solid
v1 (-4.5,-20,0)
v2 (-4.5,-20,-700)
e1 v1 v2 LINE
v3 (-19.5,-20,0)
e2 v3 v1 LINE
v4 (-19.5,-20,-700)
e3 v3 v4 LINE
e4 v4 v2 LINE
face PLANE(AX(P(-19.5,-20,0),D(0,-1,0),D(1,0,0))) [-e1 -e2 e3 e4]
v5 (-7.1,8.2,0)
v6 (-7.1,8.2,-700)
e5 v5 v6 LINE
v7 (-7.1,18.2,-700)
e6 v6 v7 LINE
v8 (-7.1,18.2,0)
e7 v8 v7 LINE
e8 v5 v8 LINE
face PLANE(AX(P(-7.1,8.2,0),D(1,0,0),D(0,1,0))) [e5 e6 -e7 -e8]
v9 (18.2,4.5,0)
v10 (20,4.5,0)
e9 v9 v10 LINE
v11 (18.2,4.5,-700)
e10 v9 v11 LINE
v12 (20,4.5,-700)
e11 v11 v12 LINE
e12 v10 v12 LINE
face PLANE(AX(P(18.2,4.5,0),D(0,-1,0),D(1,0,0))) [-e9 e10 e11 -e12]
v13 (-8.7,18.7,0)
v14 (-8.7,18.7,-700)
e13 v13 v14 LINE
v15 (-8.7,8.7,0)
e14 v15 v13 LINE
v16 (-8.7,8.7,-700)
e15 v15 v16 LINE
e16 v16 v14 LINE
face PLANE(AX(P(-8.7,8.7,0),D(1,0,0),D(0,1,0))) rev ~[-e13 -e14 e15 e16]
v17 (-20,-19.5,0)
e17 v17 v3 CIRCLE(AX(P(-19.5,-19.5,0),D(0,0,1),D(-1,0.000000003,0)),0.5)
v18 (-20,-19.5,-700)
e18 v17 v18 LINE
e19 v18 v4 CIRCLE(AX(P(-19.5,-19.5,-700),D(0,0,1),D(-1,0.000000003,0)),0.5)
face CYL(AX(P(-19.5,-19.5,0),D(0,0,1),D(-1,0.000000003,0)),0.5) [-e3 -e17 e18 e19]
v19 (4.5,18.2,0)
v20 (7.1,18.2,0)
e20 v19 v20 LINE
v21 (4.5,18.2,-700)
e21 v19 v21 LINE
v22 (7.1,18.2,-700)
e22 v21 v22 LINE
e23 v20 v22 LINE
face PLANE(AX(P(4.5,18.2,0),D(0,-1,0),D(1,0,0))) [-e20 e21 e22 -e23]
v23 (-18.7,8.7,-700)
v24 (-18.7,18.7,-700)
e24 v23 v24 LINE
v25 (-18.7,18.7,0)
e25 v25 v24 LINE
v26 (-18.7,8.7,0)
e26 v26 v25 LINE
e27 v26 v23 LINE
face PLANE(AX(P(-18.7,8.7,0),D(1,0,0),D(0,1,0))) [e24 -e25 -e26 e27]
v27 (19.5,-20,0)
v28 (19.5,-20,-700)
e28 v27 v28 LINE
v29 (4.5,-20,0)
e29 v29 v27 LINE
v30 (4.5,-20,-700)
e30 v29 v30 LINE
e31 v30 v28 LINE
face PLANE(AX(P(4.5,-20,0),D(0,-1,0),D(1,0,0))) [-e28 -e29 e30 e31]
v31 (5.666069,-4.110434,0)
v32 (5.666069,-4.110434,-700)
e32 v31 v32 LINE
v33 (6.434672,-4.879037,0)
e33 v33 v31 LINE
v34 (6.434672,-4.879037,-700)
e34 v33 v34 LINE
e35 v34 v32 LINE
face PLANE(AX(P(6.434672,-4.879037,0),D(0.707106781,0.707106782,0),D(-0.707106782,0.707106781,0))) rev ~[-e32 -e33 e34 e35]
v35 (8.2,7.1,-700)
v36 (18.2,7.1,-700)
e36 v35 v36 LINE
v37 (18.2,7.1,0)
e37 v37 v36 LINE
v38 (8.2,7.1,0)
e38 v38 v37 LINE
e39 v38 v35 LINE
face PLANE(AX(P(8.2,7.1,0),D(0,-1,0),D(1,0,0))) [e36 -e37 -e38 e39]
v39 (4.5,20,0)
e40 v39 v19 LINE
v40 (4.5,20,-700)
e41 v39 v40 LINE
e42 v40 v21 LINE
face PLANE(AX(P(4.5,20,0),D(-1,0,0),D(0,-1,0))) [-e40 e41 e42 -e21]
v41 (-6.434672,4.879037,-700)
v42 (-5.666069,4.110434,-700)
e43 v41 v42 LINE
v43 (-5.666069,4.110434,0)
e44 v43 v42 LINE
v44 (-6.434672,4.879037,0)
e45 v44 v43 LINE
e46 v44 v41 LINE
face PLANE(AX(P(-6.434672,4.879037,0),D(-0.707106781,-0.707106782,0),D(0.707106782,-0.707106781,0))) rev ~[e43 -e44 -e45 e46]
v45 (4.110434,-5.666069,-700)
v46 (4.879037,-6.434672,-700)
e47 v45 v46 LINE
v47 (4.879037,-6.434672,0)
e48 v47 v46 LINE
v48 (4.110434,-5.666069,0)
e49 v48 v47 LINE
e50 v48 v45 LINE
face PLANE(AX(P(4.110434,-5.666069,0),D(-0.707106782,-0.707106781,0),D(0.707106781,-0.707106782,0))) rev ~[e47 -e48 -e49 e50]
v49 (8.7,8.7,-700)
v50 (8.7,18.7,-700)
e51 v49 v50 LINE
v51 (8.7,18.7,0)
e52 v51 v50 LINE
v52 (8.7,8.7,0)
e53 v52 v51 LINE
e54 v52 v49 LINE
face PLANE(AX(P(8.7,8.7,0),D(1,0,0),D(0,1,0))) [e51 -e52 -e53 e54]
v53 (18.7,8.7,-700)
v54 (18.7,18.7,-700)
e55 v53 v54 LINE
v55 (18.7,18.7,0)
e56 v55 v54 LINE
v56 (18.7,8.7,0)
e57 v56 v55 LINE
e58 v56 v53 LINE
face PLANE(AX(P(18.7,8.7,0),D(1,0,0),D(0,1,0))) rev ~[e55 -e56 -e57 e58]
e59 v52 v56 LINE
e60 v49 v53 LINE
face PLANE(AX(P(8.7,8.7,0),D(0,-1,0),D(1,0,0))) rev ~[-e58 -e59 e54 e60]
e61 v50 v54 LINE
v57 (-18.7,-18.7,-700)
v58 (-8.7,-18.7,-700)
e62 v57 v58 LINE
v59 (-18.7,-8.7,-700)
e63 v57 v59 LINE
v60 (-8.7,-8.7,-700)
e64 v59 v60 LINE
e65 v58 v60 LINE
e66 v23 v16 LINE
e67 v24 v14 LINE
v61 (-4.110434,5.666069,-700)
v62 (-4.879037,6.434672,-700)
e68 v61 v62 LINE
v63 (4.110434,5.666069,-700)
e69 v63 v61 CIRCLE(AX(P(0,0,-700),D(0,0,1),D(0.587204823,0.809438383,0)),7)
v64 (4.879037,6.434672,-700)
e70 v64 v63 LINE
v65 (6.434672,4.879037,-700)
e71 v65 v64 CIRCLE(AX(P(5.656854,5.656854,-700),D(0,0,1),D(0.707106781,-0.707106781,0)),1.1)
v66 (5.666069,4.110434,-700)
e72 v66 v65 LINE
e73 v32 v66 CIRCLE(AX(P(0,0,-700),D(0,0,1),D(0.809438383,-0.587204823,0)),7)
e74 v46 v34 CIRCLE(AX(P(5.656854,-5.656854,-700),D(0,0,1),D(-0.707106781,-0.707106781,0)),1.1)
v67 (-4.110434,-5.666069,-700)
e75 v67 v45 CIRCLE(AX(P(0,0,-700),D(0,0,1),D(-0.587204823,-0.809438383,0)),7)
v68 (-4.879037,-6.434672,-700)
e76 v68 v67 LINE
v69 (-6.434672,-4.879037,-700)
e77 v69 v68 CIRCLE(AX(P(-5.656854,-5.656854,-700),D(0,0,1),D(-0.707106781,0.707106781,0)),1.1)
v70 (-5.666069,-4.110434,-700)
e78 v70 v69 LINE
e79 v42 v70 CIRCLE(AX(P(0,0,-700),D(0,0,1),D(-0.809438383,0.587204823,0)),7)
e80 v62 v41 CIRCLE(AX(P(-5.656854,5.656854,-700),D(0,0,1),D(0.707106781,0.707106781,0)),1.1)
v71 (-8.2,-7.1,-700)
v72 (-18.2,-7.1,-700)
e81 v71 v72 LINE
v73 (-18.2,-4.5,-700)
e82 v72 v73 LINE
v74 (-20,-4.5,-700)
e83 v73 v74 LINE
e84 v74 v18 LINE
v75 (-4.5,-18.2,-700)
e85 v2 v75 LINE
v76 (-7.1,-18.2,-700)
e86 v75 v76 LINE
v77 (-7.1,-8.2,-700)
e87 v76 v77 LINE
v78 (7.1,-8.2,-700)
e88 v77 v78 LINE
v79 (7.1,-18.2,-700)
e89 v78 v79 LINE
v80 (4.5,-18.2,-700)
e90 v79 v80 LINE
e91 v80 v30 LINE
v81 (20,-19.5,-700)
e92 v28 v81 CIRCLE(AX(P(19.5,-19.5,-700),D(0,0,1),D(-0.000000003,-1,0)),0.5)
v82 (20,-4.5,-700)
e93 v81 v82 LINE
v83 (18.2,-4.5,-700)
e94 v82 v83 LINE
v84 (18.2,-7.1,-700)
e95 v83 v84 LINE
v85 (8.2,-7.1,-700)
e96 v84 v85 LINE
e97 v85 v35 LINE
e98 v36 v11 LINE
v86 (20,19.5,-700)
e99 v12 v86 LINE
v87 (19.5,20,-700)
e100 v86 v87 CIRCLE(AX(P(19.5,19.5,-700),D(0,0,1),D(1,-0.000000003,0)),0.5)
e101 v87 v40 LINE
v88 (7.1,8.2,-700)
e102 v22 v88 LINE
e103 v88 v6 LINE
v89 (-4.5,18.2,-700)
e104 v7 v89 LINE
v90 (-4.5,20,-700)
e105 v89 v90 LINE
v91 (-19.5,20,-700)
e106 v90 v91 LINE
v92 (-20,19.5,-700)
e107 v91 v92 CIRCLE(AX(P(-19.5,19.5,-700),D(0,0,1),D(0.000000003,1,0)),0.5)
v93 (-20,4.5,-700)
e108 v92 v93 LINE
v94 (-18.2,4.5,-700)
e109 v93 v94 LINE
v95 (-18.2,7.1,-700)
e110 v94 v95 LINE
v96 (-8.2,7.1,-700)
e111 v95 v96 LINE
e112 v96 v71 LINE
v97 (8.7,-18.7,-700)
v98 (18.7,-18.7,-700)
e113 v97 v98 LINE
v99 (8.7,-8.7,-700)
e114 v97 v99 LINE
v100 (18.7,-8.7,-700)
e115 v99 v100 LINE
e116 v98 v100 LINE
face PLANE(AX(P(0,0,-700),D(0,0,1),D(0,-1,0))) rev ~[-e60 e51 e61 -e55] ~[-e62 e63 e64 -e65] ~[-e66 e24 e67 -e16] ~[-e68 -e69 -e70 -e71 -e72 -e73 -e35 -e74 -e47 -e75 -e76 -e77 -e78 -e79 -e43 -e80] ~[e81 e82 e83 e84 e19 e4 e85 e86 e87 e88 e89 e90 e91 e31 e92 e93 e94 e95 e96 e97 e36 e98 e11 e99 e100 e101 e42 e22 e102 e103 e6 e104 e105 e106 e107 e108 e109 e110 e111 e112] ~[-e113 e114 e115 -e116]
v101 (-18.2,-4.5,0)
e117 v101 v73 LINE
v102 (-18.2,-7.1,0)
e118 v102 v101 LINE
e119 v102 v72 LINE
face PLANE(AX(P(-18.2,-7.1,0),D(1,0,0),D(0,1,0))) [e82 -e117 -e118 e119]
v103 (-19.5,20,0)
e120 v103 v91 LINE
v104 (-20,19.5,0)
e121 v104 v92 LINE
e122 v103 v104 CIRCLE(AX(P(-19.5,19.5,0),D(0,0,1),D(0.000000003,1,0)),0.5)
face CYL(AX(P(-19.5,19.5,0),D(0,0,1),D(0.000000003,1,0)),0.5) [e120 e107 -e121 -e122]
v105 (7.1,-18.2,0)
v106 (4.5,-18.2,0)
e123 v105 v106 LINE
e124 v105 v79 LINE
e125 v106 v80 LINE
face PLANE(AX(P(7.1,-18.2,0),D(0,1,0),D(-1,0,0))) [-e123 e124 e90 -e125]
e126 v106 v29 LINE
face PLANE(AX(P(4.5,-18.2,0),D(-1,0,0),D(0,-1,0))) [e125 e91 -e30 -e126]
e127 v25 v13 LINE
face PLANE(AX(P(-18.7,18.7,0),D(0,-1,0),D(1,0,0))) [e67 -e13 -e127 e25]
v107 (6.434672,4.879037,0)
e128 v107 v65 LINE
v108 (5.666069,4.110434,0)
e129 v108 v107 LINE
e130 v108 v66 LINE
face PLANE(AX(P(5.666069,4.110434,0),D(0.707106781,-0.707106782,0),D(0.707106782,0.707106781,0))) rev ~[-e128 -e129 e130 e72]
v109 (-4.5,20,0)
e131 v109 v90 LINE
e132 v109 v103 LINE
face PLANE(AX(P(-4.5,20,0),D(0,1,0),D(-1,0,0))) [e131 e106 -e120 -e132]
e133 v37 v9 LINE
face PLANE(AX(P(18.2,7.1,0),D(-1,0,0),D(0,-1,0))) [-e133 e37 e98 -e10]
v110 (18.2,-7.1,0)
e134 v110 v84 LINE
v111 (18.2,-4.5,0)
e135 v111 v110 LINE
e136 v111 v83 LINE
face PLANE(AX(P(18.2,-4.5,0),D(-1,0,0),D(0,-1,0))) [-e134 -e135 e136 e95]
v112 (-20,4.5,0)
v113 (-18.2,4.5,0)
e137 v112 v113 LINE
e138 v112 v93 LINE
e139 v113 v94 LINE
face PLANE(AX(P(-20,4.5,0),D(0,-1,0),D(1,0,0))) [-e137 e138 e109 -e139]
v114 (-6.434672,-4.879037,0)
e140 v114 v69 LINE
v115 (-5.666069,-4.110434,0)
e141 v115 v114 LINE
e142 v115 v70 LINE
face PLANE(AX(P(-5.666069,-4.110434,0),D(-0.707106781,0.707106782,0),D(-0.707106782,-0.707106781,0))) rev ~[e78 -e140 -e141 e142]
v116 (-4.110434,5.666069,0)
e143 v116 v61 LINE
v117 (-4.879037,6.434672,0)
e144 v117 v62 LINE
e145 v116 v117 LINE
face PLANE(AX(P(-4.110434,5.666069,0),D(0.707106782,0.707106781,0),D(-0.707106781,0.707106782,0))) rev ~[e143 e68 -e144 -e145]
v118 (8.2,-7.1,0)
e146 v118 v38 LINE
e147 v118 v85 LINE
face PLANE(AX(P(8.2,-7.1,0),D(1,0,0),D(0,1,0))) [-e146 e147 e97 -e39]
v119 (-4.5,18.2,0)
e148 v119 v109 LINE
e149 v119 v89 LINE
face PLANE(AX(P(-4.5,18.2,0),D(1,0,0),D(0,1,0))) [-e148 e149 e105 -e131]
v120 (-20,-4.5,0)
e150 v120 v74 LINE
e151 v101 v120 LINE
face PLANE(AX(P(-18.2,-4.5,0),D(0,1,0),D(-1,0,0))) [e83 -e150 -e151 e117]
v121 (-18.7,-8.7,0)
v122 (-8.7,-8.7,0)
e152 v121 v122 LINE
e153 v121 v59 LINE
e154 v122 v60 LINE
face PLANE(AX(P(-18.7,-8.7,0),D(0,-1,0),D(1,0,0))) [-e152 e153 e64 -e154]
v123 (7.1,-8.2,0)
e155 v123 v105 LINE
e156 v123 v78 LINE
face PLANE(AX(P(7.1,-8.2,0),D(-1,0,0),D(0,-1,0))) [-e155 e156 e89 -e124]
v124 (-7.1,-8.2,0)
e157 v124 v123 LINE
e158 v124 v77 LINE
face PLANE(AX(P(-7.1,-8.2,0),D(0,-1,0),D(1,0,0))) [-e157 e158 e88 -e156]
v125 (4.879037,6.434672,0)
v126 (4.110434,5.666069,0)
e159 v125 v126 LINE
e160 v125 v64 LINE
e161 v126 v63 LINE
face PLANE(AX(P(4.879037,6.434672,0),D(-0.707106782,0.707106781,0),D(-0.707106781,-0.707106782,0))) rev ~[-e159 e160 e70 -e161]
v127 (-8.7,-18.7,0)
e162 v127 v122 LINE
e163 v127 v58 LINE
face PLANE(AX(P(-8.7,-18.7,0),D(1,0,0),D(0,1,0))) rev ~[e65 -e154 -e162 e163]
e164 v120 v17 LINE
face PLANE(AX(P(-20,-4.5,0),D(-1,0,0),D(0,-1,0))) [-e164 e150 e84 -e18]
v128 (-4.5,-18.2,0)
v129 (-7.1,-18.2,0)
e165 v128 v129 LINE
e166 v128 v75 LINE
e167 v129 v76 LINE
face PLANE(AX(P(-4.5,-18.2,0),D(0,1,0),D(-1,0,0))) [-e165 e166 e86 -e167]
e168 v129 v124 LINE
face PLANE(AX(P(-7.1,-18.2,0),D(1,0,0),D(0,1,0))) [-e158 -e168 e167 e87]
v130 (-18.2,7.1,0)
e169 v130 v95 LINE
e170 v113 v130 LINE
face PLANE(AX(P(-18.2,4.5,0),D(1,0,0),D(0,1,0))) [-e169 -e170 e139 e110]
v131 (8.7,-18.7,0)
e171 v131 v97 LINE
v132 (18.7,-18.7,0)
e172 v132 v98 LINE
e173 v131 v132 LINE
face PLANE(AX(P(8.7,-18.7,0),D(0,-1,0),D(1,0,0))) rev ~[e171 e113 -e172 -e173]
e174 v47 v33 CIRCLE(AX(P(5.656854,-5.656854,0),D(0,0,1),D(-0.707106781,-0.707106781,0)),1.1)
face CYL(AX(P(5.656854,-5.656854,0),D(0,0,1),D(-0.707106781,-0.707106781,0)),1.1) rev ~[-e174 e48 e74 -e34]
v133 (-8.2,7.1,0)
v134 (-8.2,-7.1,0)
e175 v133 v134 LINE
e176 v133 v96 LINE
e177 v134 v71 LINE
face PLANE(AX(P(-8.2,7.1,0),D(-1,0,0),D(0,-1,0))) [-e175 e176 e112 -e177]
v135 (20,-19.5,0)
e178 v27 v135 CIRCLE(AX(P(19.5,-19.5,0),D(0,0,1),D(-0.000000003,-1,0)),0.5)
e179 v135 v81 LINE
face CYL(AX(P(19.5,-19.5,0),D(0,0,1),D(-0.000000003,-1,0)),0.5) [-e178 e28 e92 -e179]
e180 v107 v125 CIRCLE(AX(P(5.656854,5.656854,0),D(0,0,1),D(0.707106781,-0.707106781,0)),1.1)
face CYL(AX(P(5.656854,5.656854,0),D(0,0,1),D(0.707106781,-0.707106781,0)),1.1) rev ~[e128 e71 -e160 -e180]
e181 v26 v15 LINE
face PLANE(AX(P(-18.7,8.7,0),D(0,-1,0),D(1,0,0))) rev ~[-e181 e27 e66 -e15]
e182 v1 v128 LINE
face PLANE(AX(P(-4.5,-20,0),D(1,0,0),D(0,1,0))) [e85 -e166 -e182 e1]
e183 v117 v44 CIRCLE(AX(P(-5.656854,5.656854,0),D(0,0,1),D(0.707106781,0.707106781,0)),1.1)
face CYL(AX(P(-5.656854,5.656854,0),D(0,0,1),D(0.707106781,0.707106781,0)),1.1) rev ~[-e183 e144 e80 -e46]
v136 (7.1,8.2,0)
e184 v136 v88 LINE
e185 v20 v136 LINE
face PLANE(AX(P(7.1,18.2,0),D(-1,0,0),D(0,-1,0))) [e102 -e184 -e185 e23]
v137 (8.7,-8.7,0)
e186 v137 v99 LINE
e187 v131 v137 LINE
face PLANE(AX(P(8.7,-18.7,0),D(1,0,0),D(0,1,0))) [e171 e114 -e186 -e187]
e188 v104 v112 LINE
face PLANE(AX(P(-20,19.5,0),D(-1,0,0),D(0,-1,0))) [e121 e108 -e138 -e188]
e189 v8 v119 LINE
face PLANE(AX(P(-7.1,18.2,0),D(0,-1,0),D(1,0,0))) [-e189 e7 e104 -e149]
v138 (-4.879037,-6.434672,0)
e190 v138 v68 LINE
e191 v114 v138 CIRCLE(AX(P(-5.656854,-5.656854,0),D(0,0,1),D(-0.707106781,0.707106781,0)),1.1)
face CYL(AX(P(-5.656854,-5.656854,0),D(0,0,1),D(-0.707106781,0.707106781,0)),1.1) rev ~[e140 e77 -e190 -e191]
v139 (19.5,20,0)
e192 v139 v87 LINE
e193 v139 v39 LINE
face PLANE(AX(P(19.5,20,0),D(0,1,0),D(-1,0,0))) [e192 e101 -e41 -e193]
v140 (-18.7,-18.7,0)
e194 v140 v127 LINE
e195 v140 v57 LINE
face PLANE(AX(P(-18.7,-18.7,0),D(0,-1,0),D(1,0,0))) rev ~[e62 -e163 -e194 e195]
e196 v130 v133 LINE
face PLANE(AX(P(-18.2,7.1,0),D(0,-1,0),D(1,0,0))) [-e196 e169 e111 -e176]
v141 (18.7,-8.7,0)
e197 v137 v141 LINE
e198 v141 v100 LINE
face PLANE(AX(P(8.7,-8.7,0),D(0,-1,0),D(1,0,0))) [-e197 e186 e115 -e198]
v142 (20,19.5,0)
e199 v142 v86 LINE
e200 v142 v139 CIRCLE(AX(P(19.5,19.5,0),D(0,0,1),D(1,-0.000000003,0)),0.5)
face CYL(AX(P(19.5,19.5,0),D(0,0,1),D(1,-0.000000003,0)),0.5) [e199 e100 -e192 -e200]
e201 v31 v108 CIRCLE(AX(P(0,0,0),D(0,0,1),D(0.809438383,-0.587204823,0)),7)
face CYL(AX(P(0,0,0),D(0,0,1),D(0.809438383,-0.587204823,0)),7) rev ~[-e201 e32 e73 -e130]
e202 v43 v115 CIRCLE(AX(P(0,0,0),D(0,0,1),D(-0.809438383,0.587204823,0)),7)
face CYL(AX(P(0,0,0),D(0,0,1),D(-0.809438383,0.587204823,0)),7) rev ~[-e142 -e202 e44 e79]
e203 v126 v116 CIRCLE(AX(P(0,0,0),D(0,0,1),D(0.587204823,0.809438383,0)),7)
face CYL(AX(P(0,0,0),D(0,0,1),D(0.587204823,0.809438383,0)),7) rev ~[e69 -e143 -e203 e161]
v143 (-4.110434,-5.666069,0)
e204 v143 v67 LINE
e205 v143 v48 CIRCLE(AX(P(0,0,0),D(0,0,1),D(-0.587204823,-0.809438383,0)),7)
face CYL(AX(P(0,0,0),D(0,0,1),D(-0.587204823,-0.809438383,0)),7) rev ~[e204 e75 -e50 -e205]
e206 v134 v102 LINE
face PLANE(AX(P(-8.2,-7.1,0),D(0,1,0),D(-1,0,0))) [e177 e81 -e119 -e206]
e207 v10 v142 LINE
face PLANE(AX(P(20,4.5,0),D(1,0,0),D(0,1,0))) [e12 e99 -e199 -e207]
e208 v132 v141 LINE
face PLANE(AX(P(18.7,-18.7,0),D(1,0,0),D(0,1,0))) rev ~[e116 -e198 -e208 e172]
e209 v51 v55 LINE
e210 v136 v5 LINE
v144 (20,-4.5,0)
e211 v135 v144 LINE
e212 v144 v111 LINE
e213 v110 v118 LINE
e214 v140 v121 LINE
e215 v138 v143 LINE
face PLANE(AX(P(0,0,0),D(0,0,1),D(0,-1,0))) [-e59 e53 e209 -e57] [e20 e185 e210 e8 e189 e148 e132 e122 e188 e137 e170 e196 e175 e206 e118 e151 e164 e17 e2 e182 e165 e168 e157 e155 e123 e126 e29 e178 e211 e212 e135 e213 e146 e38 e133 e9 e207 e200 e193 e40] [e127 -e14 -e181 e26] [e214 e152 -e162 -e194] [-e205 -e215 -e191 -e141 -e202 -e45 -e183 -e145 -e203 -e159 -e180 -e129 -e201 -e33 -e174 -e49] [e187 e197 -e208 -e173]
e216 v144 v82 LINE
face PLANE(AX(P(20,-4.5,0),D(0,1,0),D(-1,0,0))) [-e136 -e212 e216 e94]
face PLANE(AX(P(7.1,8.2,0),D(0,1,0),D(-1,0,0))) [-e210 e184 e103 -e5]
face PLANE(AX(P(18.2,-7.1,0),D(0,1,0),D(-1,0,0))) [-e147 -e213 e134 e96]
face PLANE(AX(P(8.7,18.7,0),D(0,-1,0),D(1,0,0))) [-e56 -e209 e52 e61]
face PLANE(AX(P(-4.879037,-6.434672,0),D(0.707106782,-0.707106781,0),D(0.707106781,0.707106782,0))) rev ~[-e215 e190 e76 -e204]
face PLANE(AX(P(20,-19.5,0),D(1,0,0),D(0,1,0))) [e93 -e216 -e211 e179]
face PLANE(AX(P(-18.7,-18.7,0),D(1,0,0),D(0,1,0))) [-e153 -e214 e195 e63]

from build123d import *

# Parameters (mm, degrees)
SKETCH1_W                 = 10
SKETCH1_H                 = 10
F_40_X_40A_X_R0_5_1_DEPTH = 700


with BuildPart() as part:
    # Sketch1 → 铝型材 40 X 40A X R0.5(1) (new body)
    with BuildSketch(Plane.YX):
        with BuildLine():
            Line((-19.5, 20), (-4.5, 20))
            Line((-4.5, 20), (-4.5, 18.2))
            Line((-4.5, 18.2), (-7.1, 18.2))
            Line((-7.1, 18.2), (-7.1, 8.2))
            Line((-7.1, 8.2), (7.1, 8.2))
            Line((7.1, 8.2), (7.1, 18.2))
            Line((7.1, 18.2), (4.5, 18.2))
            Line((4.5, 18.2), (4.5, 20))
            Line((4.5, 20), (19.5, 20))
            ThreePointArc((19.5, 20), (19.853553391, 19.853553391), (20, 19.5))
            Line((20, 19.5), (20, 4.5))
            Line((20, 4.5), (18.2, 4.5))
            Line((18.2, 4.5), (18.2, 7.1))
            Line((18.2, 7.1), (8.2, 7.1))
            Line((8.2, 7.1), (8.2, -7.1))
            Line((8.2, -7.1), (18.2, -7.1))
            Line((18.2, -7.1), (18.2, -4.5))
            Line((18.2, -4.5), (20, -4.5))
            Line((20, -4.5), (20, -19.5))
            ThreePointArc((20, -19.5), (19.853553391, -19.853553391), (19.5, -20))
            Line((19.5, -20), (4.5, -20))
            Line((4.5, -20), (4.5, -18.2))
            Line((4.5, -18.2), (7.1, -18.2))
            Line((7.1, -18.2), (7.1, -8.2))
            Line((7.1, -8.2), (-7.1, -8.2))
            Line((-7.1, -8.2), (-7.1, -18.2))
            Line((-7.1, -18.2), (-4.5, -18.2))
            Line((-4.5, -18.2), (-4.5, -20))
            Line((-4.5, -20), (-19.5, -20))
            ThreePointArc((-19.5, -20), (-19.853553391, -19.853553391), (-20, -19.5))
            Line((-20, -19.5), (-20, -4.5))
            Line((-20, -4.5), (-18.2, -4.5))
            Line((-18.2, -4.5), (-18.2, -7.1))
            Line((-18.2, -7.1), (-8.2, -7.1))
            Line((-8.2, -7.1), (-8.2, 7.1))
            Line((-8.2, 7.1), (-18.2, 7.1))
            Line((-18.2, 7.1), (-18.2, 4.5))
            Line((-18.2, 4.5), (-20, 4.5))
            Line((-20, 4.5), (-20, 19.5))
            ThreePointArc((-20, 19.5), (-19.853553391, 19.853553391), (-19.5, 20))
        make_face()
        with BuildLine():
            Line((-4.87903679, 6.434671709), (-4.110433762, 5.66606868))
            ThreePointArc((-4.110433762, 5.66606868), (0, 7), (4.110433762, 5.66606868))
            Line((4.110433762, 5.66606868), (4.87903679, 6.434671709))
            ThreePointArc((4.87903679, 6.434671709), (6.434671709, 6.434671709), (6.434671709, 4.87903679))
            Line((6.434671709, 4.87903679), (5.66606868, 4.110433762))
            ThreePointArc((5.66606868, 4.110433762), (7, 0), (5.66606868, -4.110433762))
            Line((5.66606868, -4.110433762), (6.434671709, -4.87903679))
            ThreePointArc((6.434671709, -4.87903679), (6.434671709, -6.434671709), (4.87903679, -6.434671709))
            Line((4.87903679, -6.434671709), (4.110433762, -5.66606868))
            ThreePointArc((4.110433762, -5.66606868), (0, -7), (-4.110433762, -5.66606868))
            Line((-4.110433762, -5.66606868), (-4.87903679, -6.434671709))
            ThreePointArc((-4.87903679, -6.434671709), (-6.434671709, -6.434671709), (-6.434671709, -4.87903679))
            Line((-6.434671709, -4.87903679), (-5.66606868, -4.110433762))
            ThreePointArc((-5.66606868, -4.110433762), (-7, 0), (-5.66606868, 4.110433762))
            Line((-5.66606868, 4.110433762), (-6.434671709, 4.87903679))
            ThreePointArc((-6.434671709, 4.87903679), (-6.434671709, 6.434671709), (-4.87903679, 6.434671709))
        make_face(mode=Mode.SUBTRACT)
        with Locations((-13.7, 13.7)):
            Rectangle(SKETCH1_W, SKETCH1_H, mode=Mode.SUBTRACT)
        with Locations((13.7, 13.7)):
            Rectangle(SKETCH1_W, SKETCH1_H, mode=Mode.SUBTRACT)
        with Locations((13.7, -13.7)):
            Rectangle(SKETCH1_W, SKETCH1_H, mode=Mode.SUBTRACT)
        with Locations((-13.7, -13.7)):
            Rectangle(SKETCH1_W, SKETCH1_H, mode=Mode.SUBTRACT)
    extrude(amount=F_40_X_40A_X_R0_5_1_DEPTH)


solid = part.part
